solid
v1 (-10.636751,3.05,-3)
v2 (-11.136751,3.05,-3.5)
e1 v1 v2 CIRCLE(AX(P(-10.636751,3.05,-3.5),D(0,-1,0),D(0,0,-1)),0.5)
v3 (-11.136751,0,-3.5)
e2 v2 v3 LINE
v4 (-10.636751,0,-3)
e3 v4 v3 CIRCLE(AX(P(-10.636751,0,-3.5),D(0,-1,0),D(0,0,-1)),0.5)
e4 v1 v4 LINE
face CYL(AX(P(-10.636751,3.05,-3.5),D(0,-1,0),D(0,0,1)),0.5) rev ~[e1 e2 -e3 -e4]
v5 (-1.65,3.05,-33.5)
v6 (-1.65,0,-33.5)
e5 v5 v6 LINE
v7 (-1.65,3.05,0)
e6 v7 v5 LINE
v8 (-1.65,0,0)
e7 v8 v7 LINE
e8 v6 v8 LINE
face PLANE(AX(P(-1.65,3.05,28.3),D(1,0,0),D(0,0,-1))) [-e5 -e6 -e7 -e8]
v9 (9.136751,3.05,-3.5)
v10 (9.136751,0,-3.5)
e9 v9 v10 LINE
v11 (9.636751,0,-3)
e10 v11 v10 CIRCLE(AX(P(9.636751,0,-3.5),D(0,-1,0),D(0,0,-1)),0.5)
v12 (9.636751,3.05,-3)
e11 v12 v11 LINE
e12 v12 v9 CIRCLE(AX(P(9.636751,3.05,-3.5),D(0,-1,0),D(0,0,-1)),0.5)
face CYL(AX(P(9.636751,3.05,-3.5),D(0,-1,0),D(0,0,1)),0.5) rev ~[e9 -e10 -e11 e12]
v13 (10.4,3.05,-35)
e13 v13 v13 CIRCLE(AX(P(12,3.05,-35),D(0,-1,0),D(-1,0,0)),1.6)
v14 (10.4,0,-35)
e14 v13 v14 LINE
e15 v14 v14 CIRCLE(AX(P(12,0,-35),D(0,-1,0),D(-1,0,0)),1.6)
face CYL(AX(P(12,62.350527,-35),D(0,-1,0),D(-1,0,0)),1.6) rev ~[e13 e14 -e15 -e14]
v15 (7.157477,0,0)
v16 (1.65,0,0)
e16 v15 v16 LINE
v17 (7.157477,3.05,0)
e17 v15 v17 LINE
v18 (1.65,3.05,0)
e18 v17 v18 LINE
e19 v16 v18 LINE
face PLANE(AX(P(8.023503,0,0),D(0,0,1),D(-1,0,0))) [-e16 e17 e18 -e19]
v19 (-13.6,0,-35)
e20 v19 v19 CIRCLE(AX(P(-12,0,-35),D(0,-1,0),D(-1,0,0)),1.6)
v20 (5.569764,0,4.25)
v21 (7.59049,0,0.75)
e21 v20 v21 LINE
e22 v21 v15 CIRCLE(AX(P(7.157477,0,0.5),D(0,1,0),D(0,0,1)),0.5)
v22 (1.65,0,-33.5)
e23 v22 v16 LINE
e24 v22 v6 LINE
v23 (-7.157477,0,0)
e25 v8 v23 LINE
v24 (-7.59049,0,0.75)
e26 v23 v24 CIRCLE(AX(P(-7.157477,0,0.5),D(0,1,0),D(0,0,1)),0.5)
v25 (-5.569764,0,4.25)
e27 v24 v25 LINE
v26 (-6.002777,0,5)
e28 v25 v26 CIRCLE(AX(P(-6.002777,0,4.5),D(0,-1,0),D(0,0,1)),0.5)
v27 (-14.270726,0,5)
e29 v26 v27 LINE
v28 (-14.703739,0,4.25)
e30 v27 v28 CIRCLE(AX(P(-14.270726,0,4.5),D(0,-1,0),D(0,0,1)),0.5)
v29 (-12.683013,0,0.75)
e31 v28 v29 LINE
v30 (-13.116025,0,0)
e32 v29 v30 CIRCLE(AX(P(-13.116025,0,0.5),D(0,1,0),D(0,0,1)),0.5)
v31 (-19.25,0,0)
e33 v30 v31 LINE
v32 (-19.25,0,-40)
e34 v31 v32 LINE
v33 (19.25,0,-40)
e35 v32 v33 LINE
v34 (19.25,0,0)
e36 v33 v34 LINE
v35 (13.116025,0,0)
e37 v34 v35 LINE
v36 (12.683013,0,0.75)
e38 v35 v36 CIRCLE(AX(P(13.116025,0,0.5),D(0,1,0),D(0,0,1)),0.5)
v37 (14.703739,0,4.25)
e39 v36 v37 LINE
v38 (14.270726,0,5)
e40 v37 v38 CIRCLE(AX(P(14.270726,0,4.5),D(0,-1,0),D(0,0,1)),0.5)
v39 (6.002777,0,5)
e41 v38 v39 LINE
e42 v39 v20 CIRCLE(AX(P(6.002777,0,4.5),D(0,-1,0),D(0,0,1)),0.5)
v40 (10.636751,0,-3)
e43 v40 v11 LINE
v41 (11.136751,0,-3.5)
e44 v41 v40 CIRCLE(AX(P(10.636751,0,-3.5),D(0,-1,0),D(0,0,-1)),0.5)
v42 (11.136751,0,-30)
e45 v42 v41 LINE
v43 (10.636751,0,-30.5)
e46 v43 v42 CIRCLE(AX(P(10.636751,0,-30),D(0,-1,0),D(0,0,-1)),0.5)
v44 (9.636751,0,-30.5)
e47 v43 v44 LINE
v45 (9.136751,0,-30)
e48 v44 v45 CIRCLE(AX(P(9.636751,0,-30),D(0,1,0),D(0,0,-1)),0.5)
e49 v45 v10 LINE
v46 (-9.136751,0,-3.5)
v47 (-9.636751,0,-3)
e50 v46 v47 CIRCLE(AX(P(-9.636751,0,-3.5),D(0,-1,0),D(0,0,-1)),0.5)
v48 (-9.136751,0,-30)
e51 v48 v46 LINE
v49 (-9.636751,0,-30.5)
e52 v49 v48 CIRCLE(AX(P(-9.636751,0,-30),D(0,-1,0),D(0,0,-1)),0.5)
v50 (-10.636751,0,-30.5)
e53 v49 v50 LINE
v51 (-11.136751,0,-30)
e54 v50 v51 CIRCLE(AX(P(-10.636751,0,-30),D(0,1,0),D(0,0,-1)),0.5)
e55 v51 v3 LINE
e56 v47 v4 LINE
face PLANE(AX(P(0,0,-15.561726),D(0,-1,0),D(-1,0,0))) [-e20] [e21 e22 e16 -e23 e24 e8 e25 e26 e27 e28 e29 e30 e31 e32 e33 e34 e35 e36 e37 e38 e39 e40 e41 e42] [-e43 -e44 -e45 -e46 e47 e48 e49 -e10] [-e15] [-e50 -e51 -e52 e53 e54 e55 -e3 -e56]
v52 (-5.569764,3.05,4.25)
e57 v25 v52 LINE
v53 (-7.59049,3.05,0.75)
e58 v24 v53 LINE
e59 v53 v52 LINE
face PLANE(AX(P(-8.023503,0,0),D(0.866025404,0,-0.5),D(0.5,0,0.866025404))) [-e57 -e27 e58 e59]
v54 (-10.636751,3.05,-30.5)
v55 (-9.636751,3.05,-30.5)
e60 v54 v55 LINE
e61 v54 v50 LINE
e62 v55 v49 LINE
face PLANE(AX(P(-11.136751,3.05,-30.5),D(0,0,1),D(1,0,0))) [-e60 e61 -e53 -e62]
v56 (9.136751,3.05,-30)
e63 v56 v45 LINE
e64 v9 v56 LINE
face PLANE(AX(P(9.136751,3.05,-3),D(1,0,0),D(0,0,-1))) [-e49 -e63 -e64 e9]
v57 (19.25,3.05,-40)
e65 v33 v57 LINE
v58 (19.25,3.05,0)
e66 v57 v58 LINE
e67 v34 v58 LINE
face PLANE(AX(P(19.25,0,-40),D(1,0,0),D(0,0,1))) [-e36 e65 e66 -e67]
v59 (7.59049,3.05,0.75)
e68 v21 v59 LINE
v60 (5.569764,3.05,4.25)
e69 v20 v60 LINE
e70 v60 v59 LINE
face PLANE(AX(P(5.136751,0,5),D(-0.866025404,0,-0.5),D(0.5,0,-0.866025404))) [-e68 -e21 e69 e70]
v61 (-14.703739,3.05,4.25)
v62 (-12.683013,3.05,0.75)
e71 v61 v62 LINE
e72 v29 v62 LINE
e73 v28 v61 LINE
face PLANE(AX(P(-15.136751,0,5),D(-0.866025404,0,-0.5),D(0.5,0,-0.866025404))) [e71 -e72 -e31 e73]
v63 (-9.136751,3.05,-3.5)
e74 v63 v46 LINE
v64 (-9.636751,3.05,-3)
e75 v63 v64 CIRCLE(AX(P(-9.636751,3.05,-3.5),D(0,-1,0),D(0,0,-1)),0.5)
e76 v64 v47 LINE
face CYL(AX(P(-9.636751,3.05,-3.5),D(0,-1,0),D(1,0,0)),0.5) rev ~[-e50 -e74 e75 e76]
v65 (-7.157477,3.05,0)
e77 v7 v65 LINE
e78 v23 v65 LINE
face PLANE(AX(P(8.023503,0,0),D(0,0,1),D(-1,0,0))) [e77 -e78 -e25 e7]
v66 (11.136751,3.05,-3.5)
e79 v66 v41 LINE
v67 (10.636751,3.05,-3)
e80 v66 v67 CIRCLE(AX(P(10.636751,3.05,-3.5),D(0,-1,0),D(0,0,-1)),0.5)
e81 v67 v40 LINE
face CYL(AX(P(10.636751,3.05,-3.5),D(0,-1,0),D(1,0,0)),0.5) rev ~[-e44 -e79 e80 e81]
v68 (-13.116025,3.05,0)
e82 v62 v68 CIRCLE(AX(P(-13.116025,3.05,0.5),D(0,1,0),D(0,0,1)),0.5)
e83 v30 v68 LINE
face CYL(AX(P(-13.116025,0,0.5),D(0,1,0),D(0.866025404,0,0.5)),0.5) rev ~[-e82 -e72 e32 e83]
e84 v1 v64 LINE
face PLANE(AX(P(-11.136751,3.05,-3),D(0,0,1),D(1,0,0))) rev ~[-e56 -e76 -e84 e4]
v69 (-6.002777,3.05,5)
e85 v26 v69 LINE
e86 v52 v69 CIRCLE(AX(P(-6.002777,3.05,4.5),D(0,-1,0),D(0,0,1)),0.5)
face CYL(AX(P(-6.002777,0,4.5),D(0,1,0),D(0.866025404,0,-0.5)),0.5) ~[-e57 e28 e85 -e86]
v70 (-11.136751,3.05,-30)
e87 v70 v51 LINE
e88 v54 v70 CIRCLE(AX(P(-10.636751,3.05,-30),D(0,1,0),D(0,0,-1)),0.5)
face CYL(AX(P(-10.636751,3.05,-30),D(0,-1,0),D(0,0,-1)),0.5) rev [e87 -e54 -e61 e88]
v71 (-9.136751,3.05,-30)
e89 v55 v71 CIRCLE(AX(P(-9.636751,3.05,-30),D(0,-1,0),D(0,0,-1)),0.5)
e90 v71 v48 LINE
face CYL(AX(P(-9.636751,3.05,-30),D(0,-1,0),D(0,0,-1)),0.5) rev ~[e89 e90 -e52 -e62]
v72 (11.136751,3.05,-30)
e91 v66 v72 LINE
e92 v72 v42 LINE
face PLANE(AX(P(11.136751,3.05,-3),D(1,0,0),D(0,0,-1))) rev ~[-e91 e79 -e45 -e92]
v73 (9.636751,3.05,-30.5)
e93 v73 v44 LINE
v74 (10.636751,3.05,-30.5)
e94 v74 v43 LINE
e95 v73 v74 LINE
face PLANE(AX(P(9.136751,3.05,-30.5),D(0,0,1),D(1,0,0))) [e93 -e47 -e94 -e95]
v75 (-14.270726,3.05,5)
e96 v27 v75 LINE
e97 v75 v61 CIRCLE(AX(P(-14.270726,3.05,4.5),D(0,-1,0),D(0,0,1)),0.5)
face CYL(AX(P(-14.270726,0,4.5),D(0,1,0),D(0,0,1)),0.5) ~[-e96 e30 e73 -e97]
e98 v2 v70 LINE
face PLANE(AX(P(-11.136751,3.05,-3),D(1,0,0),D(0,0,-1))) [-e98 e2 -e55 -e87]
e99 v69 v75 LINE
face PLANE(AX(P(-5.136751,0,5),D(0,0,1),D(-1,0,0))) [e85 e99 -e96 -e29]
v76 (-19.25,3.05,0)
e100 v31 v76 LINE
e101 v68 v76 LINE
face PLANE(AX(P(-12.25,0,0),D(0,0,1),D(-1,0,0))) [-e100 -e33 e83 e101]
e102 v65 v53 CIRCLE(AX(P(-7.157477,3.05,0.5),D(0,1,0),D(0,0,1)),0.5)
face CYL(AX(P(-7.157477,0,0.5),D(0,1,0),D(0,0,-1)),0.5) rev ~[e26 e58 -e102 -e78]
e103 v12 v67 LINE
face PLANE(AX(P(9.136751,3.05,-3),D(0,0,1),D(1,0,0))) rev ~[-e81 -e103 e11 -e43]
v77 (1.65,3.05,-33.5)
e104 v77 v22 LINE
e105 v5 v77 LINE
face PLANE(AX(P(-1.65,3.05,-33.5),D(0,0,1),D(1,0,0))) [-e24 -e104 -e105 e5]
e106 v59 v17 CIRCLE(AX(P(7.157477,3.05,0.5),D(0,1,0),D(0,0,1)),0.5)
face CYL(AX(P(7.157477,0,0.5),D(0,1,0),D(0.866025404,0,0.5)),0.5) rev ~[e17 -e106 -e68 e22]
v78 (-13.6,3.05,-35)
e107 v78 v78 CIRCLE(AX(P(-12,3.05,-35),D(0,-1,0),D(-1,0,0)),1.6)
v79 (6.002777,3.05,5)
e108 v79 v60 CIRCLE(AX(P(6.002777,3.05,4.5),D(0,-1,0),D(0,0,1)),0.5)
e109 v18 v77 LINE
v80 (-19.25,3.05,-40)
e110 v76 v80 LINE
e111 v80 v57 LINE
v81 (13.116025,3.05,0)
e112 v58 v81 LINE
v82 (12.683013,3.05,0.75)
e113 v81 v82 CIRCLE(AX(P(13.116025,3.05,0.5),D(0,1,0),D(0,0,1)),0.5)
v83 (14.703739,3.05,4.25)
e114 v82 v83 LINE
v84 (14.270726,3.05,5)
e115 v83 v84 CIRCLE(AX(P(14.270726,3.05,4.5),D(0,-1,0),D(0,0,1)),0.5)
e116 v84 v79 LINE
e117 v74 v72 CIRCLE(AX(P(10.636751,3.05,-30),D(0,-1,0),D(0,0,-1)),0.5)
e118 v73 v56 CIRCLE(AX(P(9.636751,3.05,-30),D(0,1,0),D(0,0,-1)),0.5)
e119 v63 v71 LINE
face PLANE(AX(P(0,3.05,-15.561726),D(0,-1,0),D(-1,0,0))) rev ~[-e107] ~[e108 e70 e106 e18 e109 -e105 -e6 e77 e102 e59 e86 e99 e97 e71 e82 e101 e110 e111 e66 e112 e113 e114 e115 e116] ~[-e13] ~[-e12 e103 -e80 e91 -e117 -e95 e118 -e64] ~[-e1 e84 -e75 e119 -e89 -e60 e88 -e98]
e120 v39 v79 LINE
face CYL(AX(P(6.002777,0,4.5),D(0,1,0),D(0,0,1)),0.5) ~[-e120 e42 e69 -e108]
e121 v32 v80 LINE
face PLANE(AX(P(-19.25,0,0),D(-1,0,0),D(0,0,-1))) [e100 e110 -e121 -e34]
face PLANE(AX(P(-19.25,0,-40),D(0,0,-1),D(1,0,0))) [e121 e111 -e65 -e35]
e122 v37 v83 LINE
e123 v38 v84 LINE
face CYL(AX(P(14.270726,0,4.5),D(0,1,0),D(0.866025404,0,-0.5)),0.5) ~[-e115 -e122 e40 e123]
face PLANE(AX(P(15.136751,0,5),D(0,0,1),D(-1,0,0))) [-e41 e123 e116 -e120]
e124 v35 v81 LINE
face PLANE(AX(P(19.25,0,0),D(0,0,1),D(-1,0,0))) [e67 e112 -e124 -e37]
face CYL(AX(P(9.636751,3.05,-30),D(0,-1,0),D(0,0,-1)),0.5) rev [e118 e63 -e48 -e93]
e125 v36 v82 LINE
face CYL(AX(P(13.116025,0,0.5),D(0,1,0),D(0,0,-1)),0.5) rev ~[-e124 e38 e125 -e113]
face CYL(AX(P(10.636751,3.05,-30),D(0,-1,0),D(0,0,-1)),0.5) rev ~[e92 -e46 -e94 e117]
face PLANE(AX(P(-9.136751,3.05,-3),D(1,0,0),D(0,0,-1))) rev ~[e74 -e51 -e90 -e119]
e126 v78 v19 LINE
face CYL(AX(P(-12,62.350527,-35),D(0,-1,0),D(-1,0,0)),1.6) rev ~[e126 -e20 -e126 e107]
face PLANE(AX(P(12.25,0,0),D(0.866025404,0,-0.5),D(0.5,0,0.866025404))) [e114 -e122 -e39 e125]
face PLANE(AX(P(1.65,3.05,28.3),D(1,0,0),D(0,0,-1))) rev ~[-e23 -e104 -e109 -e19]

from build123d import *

# Parameters (mm, degrees)
BOSS_EXTRUDE1_DEPTH         = 3.05
FILLET1_R                   = 0.5
SKETCH3_W                   = 3.3
SKETCH3_H                   = 61.8
SKETCH3_H_2                 = 1
CUT_EXTRUDE2_DEPTH          = 45.495673947
SKETCH8_W                   = 2
SKETCH8_H                   = 27.5
CUT_EXTRUDE3_DEPTH          = 45.495673947
FILLET2_R                   = 0.5
M3_CLEARANCE_DAMPER_HOLES_D = 3.2


with BuildPart() as part:
    # Sketch1 → Boss-Extrude1 (new body)
    with BuildSketch(Plane(origin=(0, 0, 0), x_dir=(1, 0, 0), z_dir=(0, 1, 0))):
        Polygon((-19.25, 0), (-19.25, 40), (19.25, 40), (19.25, 0), (12.25, 0), (15.136751346, -5), (5.136751346, -5), (8.023502692, 0), (-8.023502692, 0), (-5.136751346, -5), (-15.136751346, -5), (-12.25, 0), align=None)
    extrude(amount=BOSS_EXTRUDE1_DEPTH)

    # Fillet1
    fillet1_edges = [part.edges().sort_by_distance(p)[0] for p in [
        (12.25, 1.525, 0),
        (15.136751346, 1.525, 5),
        (5.136751346, 1.525, 5),
        (8.023502692, 1.525, 0),
        (-8.023502692, 1.525, 0),
        (-5.136751346, 1.525, 5),
        (-15.136751346, 1.525, 5),
        (-12.25, 1.525, 0),
    ]]
    fillet(fillet1_edges, radius=FILLET1_R)

    # Sketch3 → Cut-Extrude2 (cut, through all)
    with BuildSketch(Plane(origin=(0, 3.05, 0), x_dir=(1, 0, 0), z_dir=(0, 1, 0))):
        with Locations((0, 2.6)):
            Rectangle(SKETCH3_W, SKETCH3_H)
        with Locations((0, -30)):
            Rectangle(SKETCH3_W, SKETCH3_H_2)
    extrude(amount=-CUT_EXTRUDE2_DEPTH, mode=Mode.SUBTRACT)

    # Sketch8 → Cut-Extrude3 (cut, through all)
    with BuildSketch(Plane(origin=(0, 3.05, 0), x_dir=(1, 0, 0), z_dir=(0, 1, 0))):
        with Locations((-10.136751346, 16.75)):
            Rectangle(SKETCH8_W, SKETCH8_H)
        with Locations((10.136751346, 16.75)):
            Rectangle(SKETCH8_W, SKETCH8_H)
    extrude(amount=-CUT_EXTRUDE3_DEPTH, mode=Mode.SUBTRACT)

    # Fillet2
    fillet2_edges = [part.edges().sort_by_distance(p)[0] for p in [
        (-11.136751346, 1.525, -3),
        (-11.136751346, 1.525, -30.5),
        (-9.136751346, 1.525, -30.5),
        (-9.136751346, 1.525, -3),
        (11.136751346, 1.525, -30.5),
        (11.136751346, 1.525, -3),
        (9.136751346, 1.525, -3),
        (9.136751346, 1.525, -30.5),
    ]]
    fillet(fillet2_edges, radius=FILLET2_R)

    # M3 Clearance Damper Holes (through all)
    with Locations(Plane(origin=(0, 3.05, 0), x_dir=(1, 0, 0), z_dir=(0, 1, 0))):
        with Locations((-12, 35), (12, 35)):
            Hole(M3_CLEARANCE_DAMPER_HOLES_D / 2)


solid = part.part
